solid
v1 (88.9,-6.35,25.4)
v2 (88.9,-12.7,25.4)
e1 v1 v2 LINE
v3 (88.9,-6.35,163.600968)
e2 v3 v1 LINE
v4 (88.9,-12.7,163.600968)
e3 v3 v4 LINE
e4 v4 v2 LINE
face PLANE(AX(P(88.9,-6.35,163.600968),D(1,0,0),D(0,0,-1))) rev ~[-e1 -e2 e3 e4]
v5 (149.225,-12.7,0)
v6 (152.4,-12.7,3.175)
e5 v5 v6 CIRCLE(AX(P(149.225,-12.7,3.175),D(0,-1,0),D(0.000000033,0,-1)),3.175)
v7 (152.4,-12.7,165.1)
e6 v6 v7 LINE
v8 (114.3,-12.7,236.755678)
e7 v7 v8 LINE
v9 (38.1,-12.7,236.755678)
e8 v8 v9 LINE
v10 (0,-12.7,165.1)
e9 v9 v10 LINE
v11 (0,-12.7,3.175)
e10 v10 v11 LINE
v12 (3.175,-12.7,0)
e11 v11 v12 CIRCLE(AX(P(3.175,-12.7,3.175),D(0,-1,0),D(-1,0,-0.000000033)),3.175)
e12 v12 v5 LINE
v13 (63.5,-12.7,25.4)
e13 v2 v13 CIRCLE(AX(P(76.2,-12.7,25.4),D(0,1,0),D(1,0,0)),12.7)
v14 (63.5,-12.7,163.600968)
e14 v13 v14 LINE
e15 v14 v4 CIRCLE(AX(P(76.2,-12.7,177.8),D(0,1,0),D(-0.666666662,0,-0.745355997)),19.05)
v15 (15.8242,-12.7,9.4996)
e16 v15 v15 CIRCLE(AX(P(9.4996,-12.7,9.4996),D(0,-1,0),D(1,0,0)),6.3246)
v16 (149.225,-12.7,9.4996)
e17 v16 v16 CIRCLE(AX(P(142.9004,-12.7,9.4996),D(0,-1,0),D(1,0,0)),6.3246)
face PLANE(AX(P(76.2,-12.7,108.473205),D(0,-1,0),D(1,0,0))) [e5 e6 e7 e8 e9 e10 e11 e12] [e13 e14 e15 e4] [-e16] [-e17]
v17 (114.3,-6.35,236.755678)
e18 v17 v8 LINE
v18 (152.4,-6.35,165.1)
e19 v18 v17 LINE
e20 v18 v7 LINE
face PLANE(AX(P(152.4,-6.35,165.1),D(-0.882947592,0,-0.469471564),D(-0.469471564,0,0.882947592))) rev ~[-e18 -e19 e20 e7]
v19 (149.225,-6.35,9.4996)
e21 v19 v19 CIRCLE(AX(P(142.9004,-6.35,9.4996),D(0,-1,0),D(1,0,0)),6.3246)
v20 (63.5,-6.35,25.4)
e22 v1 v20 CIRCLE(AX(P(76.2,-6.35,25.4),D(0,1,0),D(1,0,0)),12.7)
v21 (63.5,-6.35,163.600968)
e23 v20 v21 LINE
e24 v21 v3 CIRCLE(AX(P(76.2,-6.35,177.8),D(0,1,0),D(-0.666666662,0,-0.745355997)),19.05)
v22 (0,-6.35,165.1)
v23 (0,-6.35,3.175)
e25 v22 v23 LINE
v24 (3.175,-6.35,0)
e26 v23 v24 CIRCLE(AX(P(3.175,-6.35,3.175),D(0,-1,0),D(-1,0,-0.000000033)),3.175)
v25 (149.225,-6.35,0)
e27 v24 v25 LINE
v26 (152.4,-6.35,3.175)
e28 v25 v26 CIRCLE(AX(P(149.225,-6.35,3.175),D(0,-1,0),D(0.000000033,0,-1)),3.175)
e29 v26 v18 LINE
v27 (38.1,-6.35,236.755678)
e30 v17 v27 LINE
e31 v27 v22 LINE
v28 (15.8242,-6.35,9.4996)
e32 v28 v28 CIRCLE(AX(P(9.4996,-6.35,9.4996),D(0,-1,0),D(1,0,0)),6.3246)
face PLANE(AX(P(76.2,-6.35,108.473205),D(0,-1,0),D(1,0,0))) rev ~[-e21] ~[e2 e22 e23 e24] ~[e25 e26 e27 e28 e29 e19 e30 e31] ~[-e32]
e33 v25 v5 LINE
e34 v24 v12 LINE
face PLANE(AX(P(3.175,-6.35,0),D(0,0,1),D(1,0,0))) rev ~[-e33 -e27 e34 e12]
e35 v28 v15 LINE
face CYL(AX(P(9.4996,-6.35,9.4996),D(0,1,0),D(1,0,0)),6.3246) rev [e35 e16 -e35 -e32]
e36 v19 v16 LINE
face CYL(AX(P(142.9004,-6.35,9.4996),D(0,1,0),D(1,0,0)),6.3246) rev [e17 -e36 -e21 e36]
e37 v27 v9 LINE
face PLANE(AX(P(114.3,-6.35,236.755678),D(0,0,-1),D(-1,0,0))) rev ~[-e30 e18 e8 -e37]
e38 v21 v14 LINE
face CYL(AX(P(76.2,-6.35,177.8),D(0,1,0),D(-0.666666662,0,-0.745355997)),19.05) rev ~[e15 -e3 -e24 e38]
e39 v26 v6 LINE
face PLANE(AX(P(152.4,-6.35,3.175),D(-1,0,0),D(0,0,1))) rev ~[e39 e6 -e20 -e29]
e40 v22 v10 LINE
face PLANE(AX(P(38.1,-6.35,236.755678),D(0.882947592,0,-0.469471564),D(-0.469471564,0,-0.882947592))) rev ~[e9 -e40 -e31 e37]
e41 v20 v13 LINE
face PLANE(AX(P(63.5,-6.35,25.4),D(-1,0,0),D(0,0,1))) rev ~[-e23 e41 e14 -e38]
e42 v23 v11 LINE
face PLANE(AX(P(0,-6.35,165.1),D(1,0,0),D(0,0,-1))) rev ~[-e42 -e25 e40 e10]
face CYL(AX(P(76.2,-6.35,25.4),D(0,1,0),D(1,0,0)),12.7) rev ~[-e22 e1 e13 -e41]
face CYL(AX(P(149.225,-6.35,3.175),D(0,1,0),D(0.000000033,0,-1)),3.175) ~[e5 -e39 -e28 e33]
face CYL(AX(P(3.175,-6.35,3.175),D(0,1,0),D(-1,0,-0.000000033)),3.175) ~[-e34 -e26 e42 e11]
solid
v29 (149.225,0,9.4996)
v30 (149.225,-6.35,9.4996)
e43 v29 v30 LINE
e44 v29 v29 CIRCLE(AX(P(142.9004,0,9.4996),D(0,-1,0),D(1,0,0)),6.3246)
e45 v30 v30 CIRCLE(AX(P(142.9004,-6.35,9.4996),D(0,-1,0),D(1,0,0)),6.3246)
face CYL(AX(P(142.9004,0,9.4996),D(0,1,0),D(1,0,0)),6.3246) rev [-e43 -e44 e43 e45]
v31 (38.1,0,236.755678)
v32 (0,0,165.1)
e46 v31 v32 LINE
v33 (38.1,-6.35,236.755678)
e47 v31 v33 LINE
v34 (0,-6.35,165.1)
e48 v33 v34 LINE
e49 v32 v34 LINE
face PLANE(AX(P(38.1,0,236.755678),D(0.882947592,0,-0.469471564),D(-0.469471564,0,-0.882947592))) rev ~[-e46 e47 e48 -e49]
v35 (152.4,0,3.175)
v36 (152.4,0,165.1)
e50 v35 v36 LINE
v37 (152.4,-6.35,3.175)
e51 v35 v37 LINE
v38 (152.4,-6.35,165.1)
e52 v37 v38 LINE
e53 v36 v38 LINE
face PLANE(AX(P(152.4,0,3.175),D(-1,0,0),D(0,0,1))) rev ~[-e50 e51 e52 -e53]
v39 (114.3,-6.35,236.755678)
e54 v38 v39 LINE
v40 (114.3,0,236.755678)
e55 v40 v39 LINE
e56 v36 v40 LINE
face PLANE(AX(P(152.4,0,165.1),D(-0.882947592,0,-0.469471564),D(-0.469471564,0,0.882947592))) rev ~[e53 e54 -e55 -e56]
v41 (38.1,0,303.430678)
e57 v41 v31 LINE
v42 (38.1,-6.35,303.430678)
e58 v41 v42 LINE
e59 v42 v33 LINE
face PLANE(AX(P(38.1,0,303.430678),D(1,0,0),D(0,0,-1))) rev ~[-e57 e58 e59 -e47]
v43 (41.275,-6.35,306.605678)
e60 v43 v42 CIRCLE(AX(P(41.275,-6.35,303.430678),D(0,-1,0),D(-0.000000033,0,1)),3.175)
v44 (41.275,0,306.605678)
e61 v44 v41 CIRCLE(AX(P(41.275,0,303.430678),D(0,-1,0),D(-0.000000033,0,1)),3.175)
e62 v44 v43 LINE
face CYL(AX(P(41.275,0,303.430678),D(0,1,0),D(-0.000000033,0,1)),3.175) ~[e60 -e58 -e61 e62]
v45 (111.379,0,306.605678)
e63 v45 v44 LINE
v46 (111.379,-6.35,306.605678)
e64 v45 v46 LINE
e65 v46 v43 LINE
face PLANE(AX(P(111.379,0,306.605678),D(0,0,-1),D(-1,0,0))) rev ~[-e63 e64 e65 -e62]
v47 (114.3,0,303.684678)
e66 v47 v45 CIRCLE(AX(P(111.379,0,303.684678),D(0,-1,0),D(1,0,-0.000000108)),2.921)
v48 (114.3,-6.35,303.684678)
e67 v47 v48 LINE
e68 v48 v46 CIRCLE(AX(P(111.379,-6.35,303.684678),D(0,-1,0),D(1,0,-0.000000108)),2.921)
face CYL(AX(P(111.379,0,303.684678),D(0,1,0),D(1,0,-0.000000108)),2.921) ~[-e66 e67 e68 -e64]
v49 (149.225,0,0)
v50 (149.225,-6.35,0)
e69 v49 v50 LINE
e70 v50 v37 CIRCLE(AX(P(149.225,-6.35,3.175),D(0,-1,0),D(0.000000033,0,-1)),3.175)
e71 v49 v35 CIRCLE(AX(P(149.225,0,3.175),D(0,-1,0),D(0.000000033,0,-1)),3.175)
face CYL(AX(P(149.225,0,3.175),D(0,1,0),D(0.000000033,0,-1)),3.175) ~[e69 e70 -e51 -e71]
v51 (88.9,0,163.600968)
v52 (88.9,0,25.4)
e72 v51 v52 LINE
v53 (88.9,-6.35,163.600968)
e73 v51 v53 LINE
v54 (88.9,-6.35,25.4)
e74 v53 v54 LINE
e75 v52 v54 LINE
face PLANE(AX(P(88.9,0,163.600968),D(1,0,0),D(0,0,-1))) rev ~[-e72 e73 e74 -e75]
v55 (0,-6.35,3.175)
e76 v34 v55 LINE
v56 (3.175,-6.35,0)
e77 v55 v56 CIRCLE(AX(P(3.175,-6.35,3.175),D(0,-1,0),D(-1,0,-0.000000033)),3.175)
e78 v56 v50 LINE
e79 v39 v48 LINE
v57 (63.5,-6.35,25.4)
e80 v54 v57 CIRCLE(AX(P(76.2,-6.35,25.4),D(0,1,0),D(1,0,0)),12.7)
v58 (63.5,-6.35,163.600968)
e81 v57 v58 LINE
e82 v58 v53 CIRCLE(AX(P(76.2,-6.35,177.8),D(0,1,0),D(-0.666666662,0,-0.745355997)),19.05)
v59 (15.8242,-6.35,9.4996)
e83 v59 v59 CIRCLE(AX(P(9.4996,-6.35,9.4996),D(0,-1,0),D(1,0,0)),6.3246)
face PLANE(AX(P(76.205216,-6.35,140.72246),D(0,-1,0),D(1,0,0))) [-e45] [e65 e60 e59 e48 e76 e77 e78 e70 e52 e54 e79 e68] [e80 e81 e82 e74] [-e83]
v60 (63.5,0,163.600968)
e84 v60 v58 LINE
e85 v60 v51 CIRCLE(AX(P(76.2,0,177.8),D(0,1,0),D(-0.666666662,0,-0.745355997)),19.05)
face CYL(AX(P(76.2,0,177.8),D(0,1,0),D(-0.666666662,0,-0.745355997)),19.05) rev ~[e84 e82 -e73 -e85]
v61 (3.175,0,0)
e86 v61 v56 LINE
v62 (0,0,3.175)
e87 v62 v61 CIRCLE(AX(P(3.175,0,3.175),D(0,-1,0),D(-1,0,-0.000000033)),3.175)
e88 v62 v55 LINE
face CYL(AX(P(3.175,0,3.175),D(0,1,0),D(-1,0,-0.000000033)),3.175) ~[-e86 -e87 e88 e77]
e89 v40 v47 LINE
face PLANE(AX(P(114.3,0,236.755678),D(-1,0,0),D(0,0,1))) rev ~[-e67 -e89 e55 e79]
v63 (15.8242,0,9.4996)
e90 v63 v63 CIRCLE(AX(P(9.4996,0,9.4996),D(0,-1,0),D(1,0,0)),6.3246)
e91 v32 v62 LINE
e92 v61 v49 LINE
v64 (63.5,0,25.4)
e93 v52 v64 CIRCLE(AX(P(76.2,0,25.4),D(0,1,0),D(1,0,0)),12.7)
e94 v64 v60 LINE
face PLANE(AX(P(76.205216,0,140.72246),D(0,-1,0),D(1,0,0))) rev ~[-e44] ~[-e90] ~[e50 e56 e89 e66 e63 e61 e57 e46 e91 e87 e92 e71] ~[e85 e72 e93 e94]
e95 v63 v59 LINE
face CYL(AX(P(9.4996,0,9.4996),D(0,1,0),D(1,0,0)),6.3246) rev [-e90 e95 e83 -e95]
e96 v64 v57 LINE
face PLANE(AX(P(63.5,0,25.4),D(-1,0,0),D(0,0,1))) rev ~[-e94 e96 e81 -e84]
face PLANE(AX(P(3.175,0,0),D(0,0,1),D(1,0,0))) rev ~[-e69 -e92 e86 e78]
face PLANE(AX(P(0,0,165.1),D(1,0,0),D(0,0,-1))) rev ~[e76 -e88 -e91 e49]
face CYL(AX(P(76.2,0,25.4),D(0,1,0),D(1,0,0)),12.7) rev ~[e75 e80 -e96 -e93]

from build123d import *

# Parameters (mm, degrees)
F0_R     = 6.3246
F1_DEPTH = 6.35
F2_R     = 6.3246
F3_DEPTH = 6.35


with BuildPart() as f1:
    # F0 (on Front) → F1 (new body)
    with BuildSketch(Plane.XZ):
        with BuildLine():
            ThreePointArc((0, 3.175), (0.929936, 0.929936), (3.175, 0))
            Line((3.175, 0), (149.225, 0))
            ThreePointArc((149.225, 0), (151.470064, 0.929936), (152.4, 3.175))
            Line((152.4, 3.175), (152.4, 165.1))
            Line((152.4, 165.1), (114.3, 236.755678))
            Line((114.3, 236.755678), (114.3, 303.684678))
            ThreePointArc((114.3, 303.684678), (113.444459, 305.750137), (111.379, 306.605678))
            Line((111.379, 306.605678), (41.275, 306.605678))
            ThreePointArc((41.275, 306.605678), (39.029936, 305.675742), (38.1, 303.430678))
            Line((38.1, 303.430678), (38.1, 236.755678))
            Line((38.1, 236.755678), (0, 165.1))
            Line((0, 165.1), (0, 3.175))
        make_face()
        with Locations((9.4996, 9.4996)):
            Circle(F0_R, mode=Mode.SUBTRACT)
        with Locations((142.9004, 9.4996)):
            Circle(F0_R, mode=Mode.SUBTRACT)
        with BuildLine():
            ThreePointArc((63.5, 163.600968), (76.2, 196.85), (88.9, 163.600968))
            Line((88.9, 163.600968), (88.9, 25.4))
            ThreePointArc((88.9, 25.4), (76.2, 12.7), (63.5, 25.4))
            Line((63.5, 25.4), (63.5, 163.600968))
        make_face(mode=Mode.SUBTRACT)
    extrude(amount=F1_DEPTH)


with BuildPart() as f3:
    # F2 (on face) → F3 (new body)
    with BuildSketch(Plane.XZ.offset(6.35)):
        with BuildLine():
            Line((3.175, 0), (149.225, 0))
            ThreePointArc((149.225, 0), (151.470064, 0.929936), (152.4, 3.175))
            Line((152.4, 3.175), (152.4, 165.1))
            Line((152.4, 165.1), (114.3, 236.755678))
            Line((114.3, 236.755678), (38.1, 236.755678))
            Line((38.1, 236.755678), (0, 165.1))
            Line((0, 165.1), (0, 3.175))
            ThreePointArc((0, 3.175), (0.929936, 0.929936), (3.175, 0))
        make_face()
        with Locations((9.4996, 9.4996)):
            Circle(F2_R, mode=Mode.SUBTRACT)
        with BuildLine():
            Line((63.5, 25.4), (63.5, 163.600968))
            ThreePointArc((63.5, 163.600968), (76.2, 196.85), (88.9, 163.600968))
            Line((88.9, 163.600968), (88.9, 25.4))
            ThreePointArc((88.9, 25.4), (76.2, 12.7), (63.5, 25.4))
        make_face(mode=Mode.SUBTRACT)
        with Locations((142.9004, 9.4996)):
            Circle(F2_R, mode=Mode.SUBTRACT)
    extrude(amount=F3_DEPTH)


solid = Compound([f1.part, f3.part])
